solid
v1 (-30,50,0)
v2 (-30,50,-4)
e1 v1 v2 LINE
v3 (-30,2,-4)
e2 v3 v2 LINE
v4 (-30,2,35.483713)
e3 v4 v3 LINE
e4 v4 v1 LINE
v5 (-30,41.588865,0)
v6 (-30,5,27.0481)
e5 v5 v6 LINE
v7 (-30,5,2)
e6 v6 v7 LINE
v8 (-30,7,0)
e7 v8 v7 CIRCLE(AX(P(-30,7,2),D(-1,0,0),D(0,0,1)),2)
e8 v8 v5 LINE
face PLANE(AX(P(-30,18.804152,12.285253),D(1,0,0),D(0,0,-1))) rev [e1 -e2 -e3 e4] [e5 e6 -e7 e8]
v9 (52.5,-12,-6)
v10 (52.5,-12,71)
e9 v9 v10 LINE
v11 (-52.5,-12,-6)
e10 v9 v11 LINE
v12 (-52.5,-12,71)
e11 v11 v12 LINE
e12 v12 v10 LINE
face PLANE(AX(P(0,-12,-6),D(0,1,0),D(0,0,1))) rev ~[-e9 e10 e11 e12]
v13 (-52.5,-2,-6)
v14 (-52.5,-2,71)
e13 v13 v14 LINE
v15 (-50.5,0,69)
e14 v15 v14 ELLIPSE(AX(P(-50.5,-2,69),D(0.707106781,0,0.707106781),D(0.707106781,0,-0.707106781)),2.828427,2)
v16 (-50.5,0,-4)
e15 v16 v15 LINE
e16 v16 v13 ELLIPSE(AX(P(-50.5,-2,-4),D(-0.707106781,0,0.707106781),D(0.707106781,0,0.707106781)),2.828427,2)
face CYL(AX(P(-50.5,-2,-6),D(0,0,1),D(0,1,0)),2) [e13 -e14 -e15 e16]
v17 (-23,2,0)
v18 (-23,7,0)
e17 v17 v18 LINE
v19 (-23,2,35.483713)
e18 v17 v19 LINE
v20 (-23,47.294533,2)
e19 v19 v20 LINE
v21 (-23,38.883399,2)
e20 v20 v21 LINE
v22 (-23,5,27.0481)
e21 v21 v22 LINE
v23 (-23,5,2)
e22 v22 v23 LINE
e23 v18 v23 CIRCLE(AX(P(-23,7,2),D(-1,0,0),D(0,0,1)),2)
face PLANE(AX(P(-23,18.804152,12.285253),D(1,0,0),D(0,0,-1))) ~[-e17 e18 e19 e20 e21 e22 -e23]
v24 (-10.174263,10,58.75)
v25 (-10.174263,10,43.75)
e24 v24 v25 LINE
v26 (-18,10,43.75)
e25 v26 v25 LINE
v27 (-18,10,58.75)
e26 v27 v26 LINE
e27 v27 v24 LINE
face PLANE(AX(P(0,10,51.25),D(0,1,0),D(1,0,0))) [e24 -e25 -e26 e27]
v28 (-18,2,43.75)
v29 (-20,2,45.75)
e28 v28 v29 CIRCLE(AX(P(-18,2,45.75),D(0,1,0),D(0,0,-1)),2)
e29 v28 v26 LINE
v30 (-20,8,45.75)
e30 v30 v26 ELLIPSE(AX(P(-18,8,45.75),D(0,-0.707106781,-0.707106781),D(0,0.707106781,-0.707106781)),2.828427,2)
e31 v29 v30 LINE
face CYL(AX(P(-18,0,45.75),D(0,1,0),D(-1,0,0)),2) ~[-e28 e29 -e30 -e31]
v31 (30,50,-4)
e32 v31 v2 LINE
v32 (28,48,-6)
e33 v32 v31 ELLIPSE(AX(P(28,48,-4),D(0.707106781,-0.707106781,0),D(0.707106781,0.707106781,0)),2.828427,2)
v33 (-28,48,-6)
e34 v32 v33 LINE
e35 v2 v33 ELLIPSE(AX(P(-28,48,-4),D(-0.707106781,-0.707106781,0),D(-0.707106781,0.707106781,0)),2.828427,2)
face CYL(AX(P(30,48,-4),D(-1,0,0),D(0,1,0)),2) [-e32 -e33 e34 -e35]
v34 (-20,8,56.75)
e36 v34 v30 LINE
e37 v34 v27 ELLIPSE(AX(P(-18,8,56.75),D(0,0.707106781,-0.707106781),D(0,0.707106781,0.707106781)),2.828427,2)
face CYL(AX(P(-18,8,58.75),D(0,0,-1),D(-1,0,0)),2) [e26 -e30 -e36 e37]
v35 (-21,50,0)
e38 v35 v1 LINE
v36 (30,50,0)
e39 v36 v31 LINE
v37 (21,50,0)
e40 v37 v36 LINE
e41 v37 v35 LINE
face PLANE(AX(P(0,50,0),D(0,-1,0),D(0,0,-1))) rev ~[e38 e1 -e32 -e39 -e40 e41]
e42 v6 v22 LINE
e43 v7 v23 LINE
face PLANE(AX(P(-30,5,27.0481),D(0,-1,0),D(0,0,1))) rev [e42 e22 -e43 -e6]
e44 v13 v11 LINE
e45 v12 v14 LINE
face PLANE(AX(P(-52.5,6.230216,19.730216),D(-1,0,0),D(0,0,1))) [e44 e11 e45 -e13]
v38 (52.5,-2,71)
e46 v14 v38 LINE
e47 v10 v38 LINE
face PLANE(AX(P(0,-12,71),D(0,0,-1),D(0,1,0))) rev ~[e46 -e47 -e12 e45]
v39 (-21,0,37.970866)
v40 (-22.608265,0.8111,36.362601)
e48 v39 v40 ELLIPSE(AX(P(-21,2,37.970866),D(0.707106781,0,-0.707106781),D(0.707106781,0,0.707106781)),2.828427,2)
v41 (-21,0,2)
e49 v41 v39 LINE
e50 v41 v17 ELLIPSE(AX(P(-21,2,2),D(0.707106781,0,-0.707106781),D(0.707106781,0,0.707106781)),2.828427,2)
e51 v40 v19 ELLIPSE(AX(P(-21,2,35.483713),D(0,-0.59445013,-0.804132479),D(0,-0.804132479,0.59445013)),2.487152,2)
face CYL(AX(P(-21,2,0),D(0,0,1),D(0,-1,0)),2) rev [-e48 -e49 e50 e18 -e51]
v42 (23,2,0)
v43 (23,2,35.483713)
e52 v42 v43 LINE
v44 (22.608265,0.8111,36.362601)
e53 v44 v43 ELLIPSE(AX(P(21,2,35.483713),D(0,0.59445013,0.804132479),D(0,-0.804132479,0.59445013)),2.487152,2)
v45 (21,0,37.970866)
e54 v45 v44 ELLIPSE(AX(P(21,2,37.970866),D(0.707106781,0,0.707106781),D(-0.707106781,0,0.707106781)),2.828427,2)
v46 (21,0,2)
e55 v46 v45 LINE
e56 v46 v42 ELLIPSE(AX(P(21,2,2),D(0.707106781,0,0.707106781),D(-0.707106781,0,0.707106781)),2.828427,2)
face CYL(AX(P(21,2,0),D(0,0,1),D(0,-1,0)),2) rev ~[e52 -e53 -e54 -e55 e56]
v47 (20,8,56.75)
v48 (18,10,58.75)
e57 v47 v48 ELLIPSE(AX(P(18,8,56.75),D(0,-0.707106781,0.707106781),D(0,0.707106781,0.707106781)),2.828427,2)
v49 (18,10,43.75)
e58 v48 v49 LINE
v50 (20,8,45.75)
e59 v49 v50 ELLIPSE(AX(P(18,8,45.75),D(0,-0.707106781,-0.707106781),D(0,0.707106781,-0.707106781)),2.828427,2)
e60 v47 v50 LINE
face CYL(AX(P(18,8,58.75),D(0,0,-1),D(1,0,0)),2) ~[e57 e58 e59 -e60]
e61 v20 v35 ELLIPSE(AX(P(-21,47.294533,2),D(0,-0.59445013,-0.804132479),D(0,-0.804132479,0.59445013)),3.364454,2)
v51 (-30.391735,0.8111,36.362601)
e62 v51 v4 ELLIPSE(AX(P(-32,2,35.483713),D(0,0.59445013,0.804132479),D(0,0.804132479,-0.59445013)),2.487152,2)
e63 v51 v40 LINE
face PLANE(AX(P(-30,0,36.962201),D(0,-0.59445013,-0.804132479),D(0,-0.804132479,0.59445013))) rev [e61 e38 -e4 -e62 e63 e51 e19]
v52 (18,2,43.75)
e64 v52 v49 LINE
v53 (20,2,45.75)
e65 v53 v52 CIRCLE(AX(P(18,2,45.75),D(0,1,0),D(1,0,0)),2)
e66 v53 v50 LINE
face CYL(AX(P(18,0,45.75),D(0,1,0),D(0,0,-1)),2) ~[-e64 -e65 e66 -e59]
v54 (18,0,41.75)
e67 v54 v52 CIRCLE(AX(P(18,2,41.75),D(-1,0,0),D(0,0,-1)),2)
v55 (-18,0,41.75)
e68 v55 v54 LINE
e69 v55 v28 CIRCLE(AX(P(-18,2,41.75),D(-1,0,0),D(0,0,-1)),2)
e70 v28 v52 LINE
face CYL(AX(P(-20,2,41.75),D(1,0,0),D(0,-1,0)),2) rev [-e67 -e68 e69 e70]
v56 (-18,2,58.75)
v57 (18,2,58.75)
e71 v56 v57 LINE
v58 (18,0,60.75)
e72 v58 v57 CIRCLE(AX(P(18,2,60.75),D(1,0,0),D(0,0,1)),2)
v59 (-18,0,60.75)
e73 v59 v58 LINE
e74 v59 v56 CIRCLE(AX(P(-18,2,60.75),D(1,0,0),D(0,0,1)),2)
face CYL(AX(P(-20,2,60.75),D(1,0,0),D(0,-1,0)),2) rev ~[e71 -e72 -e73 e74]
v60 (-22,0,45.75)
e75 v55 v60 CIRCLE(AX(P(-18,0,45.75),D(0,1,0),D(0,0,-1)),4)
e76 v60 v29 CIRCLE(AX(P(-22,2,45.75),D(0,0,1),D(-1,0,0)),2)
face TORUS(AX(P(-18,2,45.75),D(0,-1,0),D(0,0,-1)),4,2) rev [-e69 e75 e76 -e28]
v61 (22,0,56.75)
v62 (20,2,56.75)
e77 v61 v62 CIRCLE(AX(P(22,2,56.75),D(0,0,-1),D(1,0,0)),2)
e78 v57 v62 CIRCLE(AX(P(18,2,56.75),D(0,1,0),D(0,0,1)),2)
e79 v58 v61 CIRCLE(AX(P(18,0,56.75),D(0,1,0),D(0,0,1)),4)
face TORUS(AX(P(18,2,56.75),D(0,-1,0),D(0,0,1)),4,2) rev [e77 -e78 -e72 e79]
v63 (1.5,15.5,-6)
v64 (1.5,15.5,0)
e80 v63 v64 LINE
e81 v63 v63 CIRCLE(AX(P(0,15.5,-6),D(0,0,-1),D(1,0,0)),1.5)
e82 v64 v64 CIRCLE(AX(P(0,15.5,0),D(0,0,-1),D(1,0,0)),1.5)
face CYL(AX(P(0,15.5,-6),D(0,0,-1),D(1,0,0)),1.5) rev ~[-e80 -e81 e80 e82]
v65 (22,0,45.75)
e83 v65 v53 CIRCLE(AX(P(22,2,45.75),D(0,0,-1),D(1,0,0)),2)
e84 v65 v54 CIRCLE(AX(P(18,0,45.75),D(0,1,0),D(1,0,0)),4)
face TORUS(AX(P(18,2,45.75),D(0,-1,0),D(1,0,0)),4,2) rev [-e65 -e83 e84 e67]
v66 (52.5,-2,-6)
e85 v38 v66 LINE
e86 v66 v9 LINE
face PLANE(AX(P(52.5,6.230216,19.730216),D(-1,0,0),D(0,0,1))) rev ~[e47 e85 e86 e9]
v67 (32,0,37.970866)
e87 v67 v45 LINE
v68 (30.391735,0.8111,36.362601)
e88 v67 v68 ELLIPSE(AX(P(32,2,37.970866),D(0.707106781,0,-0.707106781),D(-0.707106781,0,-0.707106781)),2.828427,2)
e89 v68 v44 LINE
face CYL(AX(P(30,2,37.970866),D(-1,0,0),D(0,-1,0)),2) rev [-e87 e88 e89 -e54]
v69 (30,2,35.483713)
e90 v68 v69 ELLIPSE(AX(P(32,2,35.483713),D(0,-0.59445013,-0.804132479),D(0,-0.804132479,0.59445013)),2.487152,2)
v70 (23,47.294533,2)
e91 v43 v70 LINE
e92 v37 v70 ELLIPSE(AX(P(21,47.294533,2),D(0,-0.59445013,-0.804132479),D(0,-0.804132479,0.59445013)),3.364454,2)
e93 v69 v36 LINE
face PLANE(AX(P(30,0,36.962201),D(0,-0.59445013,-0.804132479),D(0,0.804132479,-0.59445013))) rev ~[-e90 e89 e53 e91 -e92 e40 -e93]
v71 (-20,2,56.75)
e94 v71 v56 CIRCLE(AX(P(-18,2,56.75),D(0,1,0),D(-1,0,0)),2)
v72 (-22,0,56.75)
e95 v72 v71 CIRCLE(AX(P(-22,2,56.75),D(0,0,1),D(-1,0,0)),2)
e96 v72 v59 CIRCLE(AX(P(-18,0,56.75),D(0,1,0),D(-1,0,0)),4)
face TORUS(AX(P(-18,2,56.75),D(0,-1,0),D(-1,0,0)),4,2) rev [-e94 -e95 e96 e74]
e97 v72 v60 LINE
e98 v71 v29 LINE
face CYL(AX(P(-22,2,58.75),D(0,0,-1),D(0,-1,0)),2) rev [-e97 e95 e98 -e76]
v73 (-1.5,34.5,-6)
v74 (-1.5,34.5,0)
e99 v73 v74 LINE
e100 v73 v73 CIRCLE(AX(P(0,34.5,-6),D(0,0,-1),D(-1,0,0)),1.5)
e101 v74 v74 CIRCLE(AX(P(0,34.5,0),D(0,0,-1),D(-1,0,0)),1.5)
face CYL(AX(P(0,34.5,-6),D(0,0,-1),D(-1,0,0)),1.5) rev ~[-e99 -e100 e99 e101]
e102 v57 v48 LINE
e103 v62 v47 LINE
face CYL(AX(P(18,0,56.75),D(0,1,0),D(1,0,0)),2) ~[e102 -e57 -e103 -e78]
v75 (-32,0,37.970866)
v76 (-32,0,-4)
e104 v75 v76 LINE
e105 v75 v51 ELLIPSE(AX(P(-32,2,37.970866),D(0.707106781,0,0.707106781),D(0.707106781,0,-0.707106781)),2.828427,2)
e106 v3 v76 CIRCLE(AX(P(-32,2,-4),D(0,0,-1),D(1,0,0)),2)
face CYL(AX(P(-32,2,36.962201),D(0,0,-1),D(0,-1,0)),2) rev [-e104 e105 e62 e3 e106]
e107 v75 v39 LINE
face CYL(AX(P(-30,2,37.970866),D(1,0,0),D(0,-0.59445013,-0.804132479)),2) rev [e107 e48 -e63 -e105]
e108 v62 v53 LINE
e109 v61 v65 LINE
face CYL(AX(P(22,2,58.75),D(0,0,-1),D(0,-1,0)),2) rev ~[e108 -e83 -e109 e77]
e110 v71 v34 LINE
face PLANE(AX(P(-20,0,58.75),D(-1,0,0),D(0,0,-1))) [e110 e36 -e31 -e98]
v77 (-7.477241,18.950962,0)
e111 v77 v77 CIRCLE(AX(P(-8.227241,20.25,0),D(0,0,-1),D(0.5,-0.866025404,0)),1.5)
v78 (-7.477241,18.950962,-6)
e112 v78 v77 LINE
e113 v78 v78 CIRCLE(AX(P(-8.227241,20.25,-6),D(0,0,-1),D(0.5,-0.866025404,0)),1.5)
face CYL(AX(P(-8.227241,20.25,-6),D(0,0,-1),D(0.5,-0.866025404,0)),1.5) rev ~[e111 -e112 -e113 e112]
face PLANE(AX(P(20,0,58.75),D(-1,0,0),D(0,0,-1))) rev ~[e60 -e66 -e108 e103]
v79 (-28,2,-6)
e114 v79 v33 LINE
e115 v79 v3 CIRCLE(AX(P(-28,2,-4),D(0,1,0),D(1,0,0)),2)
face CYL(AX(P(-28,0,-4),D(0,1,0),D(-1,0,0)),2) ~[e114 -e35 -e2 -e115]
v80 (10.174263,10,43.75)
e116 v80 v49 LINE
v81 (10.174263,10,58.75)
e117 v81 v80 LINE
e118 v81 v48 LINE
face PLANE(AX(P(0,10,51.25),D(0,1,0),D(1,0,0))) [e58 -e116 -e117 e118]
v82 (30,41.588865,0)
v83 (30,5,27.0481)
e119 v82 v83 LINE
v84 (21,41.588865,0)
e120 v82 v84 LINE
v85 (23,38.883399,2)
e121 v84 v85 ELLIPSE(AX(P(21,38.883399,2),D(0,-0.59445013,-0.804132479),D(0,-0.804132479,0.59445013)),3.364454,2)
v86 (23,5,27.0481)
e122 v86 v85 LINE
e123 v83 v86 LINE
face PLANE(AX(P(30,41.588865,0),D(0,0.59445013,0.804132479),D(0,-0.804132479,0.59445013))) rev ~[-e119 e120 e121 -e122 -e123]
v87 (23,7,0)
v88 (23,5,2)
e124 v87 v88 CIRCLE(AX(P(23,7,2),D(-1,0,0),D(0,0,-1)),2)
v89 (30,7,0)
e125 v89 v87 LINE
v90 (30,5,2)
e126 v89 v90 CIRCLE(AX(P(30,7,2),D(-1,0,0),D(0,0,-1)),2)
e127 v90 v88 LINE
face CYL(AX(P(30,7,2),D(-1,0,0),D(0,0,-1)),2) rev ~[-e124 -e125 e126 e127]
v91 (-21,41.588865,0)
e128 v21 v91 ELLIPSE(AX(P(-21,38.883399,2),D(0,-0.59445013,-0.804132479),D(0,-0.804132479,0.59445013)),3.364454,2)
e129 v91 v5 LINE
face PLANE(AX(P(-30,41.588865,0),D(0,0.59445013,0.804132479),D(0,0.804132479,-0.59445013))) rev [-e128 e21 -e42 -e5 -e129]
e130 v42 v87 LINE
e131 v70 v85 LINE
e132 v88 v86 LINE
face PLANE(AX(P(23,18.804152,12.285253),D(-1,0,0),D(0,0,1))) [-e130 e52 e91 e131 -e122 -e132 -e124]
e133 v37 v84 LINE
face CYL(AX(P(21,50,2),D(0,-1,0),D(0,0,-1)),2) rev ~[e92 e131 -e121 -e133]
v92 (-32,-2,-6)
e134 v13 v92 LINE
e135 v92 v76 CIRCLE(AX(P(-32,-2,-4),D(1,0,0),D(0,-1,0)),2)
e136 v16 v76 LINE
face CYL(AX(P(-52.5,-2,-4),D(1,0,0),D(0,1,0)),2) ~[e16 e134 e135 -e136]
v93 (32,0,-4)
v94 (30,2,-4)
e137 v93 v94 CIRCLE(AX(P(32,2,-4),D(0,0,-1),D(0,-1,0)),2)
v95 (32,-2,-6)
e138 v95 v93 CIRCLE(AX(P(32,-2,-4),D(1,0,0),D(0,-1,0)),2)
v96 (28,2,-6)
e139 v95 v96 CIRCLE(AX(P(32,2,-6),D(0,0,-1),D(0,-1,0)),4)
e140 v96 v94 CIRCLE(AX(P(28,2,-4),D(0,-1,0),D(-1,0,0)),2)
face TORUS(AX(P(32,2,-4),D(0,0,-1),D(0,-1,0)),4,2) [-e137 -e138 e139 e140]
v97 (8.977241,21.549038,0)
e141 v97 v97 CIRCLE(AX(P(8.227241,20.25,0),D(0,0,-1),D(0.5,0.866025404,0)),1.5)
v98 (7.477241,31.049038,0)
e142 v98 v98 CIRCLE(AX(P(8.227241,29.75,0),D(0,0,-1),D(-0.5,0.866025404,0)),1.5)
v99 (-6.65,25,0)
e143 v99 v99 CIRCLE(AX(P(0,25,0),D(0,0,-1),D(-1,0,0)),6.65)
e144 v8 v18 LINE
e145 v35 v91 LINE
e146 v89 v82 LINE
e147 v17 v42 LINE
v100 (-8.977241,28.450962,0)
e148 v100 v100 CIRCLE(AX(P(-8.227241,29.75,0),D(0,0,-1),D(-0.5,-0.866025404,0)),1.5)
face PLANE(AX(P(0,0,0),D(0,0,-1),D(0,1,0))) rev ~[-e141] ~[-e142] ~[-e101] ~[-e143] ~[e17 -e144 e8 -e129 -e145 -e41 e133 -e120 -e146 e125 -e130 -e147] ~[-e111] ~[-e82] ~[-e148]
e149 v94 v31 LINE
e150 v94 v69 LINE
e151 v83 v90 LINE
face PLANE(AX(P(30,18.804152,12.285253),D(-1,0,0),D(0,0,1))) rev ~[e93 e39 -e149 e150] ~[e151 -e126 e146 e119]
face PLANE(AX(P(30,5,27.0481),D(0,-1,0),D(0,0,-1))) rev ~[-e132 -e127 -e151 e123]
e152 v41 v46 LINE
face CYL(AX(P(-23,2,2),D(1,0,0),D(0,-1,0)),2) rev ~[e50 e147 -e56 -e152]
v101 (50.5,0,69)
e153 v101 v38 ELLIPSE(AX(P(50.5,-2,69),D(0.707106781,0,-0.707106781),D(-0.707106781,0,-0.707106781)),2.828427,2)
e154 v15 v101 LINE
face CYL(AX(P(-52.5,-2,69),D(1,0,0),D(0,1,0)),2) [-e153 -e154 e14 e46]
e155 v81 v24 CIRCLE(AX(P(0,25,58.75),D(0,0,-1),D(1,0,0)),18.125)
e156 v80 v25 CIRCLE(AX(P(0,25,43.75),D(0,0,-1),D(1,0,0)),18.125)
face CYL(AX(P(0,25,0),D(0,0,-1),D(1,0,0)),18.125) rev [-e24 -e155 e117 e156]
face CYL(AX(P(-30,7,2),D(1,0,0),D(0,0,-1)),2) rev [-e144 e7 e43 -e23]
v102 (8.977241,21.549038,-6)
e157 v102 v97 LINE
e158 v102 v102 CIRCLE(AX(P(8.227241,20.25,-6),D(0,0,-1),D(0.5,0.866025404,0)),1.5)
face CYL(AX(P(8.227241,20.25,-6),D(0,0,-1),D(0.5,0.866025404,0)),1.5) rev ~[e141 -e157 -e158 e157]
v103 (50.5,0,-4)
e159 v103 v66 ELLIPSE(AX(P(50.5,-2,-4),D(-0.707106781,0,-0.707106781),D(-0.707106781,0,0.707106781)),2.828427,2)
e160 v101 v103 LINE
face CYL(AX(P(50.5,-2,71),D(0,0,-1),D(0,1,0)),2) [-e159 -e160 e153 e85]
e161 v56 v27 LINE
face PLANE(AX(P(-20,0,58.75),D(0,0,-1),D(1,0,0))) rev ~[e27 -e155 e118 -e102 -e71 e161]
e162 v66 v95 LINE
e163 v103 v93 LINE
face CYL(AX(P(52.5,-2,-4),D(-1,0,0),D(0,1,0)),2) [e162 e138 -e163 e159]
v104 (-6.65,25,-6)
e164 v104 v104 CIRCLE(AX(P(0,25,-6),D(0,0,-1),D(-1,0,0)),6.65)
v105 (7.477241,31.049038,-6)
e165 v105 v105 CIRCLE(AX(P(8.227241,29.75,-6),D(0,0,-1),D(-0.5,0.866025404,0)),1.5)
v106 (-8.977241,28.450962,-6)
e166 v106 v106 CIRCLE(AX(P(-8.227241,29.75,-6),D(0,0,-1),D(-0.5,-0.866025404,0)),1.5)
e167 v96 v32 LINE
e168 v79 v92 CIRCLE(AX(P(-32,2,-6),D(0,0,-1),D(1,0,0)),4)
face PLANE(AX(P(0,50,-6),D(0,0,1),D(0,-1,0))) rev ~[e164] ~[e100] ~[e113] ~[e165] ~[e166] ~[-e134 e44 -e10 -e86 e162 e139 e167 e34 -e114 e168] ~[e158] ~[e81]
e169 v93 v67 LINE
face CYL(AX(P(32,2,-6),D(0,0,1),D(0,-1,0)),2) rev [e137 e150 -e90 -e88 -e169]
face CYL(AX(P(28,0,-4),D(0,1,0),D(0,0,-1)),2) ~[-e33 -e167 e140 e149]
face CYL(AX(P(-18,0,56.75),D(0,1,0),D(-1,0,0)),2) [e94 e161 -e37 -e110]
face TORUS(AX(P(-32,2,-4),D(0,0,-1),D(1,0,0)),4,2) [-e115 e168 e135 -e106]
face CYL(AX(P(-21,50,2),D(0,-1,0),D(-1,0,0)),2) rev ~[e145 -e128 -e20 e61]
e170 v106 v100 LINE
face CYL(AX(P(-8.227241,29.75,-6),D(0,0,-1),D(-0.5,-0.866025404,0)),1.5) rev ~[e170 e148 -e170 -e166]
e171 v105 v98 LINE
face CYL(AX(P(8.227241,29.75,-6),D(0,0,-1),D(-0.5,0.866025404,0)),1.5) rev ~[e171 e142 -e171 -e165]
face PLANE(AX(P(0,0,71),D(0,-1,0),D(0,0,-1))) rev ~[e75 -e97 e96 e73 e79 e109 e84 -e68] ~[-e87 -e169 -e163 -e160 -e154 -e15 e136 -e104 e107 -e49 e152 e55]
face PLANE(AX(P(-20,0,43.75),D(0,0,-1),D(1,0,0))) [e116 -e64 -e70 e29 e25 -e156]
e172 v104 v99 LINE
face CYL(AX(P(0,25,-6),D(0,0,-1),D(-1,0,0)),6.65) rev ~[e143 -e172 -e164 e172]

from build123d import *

# Parameters (mm, degrees)
BOSS_EXTRUDE1_DEPTH = 52.5
SKETCH6_W           = 40
SKETCH6_H           = 15
BOSS_EXTRUDE3_DEPTH = 10
SKETCH9_R           = 6.65
SKETCH9_R_2         = 1.5
CUT_EXTRUDE4_DEPTH  = 78
CIRPATTERN2_COUNT   = 6
SKETCH10_R          = 18.125
CUT_EXTRUDE5_DEPTH  = 72
FILLET3_R           = 2
SKETCH11_W          = 22.5
SKETCH11_H          = 50
CUT_EXTRUDE6_DEPTH  = 7
BOSS_EXTRUDE4_DEPTH = 7
CUT_EXTRUDE8_DEPTH  = 83.5
FILLET5_R           = 2


with BuildPart() as part:
    # Sketch1 → Boss-Extrude1 (new body, symmetric)
    with BuildSketch(Plane(origin=(0, 0, 0), x_dir=(0, 0, -1), z_dir=(1, 0, 0))):
        Polygon((0, 0), (0, 50), (6, 50), (6, -12), (-71, -12), (-71, 0), align=None)
    extrude(amount=BOSS_EXTRUDE1_DEPTH, both=True)

    # Sketch6 → Boss-Extrude3 (add)
    with BuildSketch(Plane(origin=(0, 0, 0), x_dir=(1, 0, 0), z_dir=(0, 1, 0))):
        with Locations((0, -51.25)):
            Rectangle(SKETCH6_W, SKETCH6_H)
    extrude(amount=BOSS_EXTRUDE3_DEPTH)

    # Sketch9 → Cut-Extrude4 (cut, through all)
    with BuildSketch(Plane(origin=(0, 0, -6), x_dir=(-1, 0, 0), z_dir=(0, 0, -1))):
        with Locations((0, 25)):
            Circle(SKETCH9_R)
        with Locations((0, 34.5)):
            Circle(SKETCH9_R_2)
    cut_extrude4 = extrude(amount=-CUT_EXTRUDE4_DEPTH, mode=Mode.SUBTRACT)

    # CirPattern2: Cut-Extrude4 ×6 about axis
    cirpattern2_axis = Axis((0, 25, 0), (0, 0, 1))
    for i in range(1, CIRPATTERN2_COUNT):
        add(cut_extrude4.rotate(cirpattern2_axis, i * 360 / CIRPATTERN2_COUNT), mode=Mode.SUBTRACT)

    # Sketch10 → Cut-Extrude5 (cut, through all)
    with BuildSketch(Plane.XY):
        with Locations((0, 25)):
            Circle(SKETCH10_R)
    extrude(amount=CUT_EXTRUDE5_DEPTH, mode=Mode.SUBTRACT)

    # Fillet3
    fillet3_edges = [part.edges().sort_by_distance(p)[0] for p in [
        (-20, 0, 51.25),
        (-20, 5, 43.75),
        (0, 0, 58.75),
        (-20, 5, 58.75),
        (20, 0, 51.25),
        (20, 5, 58.75),
        (0, 0, 43.75),
        (20, 5, 43.75),
        (-20, 10, 51.25),
        (20, 10, 51.25),
    ]]
    fillet(fillet3_edges, radius=FILLET3_R)

    # Sketch11 → Cut-Extrude6 (cut, through all)
    with BuildSketch(Plane.XY):
        with Locations((-41.25, 25)):
            Rectangle(SKETCH11_W, SKETCH11_H)
    cut_extrude6 = extrude(amount=-CUT_EXTRUDE6_DEPTH, mode=Mode.SUBTRACT)

    # Mirror1: Cut-Extrude6 across plane
    add(cut_extrude6.mirror(Plane(origin=(0, 0, 0), x_dir=(0, 0, 1), z_dir=(1, 0, 0))), mode=Mode.SUBTRACT)

    # Sketch13 → Boss-Extrude4 (add)
    with BuildSketch(Plane(origin=(30, 0, 0), x_dir=(0, 0, -1), z_dir=(1, 0, 0))):
        Polygon((0, 0), (-36.962201233, 0), (0, 50), align=None)
    boss_extrude4 = extrude(amount=-BOSS_EXTRUDE4_DEPTH)

    # Sketch14 → Cut-Extrude8 (cut, through all)
    with BuildSketch(Plane(origin=(30, 0, 0), x_dir=(0, 0, -1), z_dir=(1, 0, 0))):
        Polygon((-27.048100185, 5), (0, 5), (0, 41.588865493), align=None)
    cut_extrude8 = extrude(amount=-CUT_EXTRUDE8_DEPTH, mode=Mode.SUBTRACT)

    # Mirror2: Boss-Extrude4, Cut-Extrude8 across plane
    add(boss_extrude4.mirror(Plane(origin=(0, 0, 0), x_dir=(0, 0, 1), z_dir=(1, 0, 0))))
    add(cut_extrude8.mirror(Plane(origin=(0, 0, 0), x_dir=(0, 0, 1), z_dir=(1, 0, 0))), mode=Mode.SUBTRACT)

    # Fillet5
    fillet5_edges = [part.edges().sort_by_distance(p)[0] for p in [
        (30, 25, -6),
        (-30, 25, -6),
        (23, 0, 18.481100617),
        (26.5, 0, 36.962201233),
        (30, 0, 15.481100617),
        (41.25, 0, -6),
        (52.5, 0, 32.5),
        (0, 0, 71),
        (-52.5, 0, 32.5),
        (-41.25, 0, -6),
        (-30, 0, 15.481100617),
        (-26.5, 0, 36.962201233),
        (-23, 0, 18.481100617),
        (0, 0, 0),
        (0, 50, -6),
        (23, 45.794432746, 0),
        (-23, 45.794432746, 0),
        (26.5, 5, 0),
        (-26.5, 5, 0),
    ]]
    fillet(fillet5_edges, radius=FILLET5_R)


solid = part.part
